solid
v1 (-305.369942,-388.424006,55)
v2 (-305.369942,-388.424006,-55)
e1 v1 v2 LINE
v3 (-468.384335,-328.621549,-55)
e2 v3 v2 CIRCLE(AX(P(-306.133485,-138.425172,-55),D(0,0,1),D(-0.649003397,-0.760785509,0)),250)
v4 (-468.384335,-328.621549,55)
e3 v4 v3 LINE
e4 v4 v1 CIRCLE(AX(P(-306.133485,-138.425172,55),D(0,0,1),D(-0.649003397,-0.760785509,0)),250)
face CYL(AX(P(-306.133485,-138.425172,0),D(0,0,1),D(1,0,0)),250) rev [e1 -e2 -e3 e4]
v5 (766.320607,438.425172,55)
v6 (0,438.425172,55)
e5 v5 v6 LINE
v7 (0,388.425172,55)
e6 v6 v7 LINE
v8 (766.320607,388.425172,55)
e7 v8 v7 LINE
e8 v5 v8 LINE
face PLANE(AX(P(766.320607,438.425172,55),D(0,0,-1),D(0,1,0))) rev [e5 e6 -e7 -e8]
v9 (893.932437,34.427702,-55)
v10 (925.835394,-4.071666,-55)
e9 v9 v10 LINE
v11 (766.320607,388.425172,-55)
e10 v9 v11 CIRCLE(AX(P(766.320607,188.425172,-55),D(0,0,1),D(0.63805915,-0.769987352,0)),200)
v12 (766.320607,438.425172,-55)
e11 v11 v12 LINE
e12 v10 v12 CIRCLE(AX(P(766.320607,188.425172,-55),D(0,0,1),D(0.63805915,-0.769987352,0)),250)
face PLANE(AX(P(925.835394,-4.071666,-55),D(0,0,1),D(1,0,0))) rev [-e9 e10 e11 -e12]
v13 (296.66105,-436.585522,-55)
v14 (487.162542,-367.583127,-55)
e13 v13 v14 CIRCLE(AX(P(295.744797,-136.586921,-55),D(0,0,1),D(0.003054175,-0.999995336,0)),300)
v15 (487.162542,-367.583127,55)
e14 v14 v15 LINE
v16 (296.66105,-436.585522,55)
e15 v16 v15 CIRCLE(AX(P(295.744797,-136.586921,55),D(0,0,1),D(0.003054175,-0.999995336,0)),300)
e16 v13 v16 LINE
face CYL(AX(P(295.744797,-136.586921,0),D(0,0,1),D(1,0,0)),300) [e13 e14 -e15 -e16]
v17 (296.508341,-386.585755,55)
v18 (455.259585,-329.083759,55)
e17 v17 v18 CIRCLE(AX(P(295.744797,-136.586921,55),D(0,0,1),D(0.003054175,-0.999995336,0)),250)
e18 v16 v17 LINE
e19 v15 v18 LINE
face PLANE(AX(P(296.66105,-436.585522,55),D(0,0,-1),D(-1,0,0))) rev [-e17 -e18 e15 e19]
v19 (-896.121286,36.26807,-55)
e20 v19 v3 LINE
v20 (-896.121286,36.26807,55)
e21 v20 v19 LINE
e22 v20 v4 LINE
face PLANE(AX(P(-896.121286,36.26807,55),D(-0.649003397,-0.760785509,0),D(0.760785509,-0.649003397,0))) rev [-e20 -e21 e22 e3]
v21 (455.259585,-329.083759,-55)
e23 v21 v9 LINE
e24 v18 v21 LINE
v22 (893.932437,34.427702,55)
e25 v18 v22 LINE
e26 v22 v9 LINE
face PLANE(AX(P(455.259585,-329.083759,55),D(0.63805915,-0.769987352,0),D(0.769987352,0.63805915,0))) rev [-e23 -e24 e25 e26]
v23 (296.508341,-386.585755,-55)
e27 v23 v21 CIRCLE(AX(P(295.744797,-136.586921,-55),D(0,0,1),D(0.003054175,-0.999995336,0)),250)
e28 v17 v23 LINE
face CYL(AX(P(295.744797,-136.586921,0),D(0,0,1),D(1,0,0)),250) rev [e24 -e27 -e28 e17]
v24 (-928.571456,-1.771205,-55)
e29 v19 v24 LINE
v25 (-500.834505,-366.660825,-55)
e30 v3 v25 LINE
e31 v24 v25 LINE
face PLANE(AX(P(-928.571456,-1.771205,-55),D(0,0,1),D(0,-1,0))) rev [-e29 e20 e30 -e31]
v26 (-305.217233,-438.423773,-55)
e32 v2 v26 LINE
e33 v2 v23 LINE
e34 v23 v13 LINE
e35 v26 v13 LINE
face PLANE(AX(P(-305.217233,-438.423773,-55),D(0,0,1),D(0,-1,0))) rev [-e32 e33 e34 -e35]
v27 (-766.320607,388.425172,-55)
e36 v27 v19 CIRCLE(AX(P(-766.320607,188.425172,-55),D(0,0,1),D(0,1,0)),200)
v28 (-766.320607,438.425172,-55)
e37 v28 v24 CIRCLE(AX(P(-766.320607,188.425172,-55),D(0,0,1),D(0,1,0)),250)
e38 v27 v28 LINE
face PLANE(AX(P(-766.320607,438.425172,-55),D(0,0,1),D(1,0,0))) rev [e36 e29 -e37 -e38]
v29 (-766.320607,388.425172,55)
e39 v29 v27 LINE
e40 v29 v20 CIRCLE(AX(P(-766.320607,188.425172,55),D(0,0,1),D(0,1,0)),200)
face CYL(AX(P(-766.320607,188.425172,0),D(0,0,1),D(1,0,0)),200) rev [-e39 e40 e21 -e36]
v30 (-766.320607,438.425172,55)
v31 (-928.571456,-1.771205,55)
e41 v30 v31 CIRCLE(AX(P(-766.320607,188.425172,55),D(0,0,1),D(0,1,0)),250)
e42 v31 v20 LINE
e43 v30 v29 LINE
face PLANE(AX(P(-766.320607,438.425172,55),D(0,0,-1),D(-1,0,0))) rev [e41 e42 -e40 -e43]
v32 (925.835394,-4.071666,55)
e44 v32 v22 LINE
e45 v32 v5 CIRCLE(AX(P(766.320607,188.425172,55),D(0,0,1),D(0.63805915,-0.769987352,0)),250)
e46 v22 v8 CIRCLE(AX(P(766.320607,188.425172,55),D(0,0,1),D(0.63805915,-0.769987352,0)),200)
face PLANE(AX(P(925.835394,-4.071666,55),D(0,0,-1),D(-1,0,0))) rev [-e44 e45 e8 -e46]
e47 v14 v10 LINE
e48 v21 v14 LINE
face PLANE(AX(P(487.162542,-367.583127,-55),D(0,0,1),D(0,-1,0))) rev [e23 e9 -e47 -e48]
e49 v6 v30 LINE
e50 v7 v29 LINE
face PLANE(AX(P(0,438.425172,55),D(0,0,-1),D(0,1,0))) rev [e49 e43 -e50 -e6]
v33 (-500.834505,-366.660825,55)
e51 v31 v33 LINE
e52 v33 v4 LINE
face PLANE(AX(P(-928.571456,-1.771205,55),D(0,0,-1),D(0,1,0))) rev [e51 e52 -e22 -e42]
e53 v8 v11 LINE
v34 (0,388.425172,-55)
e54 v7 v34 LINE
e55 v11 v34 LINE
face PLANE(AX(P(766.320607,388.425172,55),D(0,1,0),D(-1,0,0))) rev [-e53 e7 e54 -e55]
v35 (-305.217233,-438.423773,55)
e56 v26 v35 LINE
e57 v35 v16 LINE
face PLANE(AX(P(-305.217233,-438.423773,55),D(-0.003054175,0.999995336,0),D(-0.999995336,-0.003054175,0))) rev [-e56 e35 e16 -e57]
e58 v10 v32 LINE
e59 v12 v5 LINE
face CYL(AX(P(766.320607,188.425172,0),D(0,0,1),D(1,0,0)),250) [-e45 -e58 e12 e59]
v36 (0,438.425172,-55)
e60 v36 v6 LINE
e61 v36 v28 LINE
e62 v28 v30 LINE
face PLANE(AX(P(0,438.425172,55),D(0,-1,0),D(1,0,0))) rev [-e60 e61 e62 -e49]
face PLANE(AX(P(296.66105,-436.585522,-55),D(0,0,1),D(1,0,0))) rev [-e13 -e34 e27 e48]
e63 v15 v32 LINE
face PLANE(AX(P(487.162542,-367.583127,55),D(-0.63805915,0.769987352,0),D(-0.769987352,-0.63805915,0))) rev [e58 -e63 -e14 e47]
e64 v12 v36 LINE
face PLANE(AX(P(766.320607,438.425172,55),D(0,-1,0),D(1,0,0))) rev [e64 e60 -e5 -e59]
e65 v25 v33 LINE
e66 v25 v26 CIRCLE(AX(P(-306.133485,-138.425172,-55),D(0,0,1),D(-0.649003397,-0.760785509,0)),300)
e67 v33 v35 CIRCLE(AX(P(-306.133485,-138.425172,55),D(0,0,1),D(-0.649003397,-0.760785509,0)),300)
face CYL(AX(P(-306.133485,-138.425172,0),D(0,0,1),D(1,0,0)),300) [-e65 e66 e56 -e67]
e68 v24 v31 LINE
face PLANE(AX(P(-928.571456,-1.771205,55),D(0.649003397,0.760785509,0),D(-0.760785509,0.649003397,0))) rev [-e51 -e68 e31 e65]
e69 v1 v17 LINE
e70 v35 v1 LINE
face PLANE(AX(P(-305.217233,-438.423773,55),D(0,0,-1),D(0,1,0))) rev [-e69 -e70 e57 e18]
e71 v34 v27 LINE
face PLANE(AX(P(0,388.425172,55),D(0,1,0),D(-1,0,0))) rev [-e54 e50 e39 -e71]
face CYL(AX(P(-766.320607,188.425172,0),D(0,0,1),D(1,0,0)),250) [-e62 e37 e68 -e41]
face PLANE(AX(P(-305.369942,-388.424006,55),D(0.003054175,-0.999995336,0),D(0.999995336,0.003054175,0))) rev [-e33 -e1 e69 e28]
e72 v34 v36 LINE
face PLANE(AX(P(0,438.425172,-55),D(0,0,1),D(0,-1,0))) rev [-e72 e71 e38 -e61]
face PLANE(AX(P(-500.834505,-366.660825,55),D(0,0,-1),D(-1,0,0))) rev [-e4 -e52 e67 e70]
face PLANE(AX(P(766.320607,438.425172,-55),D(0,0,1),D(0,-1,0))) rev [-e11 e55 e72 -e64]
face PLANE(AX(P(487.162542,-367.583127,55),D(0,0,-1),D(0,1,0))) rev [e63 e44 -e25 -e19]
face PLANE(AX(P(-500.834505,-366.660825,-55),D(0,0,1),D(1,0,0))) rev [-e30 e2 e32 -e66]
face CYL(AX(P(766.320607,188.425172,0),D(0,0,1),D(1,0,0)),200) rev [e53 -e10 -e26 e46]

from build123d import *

# Parameters (mm, degrees)
SKETCH2_W = 110
SKETCH2_H = 50


with BuildPart() as part:
    # Sweep1: sweep along a path in Sketch1
    with BuildLine(Plane.XY) as sweep1_path:
        Line((-912.346371266, 17.248432286), (-484.609419586, -347.641186818))
        ThreePointArc((-484.609419586, -347.641186818), (-400.846110251, -396.600536066), (-305.293587219, -413.423889224))
        Line((-305.293587219, -413.423889224), (296.584695505, -411.585638844))
        ThreePointArc((296.584695505, -411.585638844), (389.399353839, -395.147985871), (471.211063424, -348.333443136))
        Line((471.211063424, -348.333443136), (909.883915619, 15.178017715))
        ThreePointArc((909.883915619, 15.178017715), (977.987337549, 264.728482124), (766.320606962, 413.425171825))
        Line((766.320606962, 413.425171825), (-766.320606962, 413.425171825))
        ThreePointArc((-766.320606962, 413.425171825), (-977.436412145, 266.239802852), (-912.346371266, 17.248432286))
    # Sketch2 → Sweep1 (sweep)
    with BuildSketch(Plane(origin=(0, 0, 0), x_dir=(0, 0, -1), z_dir=(1, 0, 0))):
        with Locations((0, 413.425171825)):
            Rectangle(SKETCH2_W, SKETCH2_H)
    sweep(path=sweep1_path.line)


solid = part.part
